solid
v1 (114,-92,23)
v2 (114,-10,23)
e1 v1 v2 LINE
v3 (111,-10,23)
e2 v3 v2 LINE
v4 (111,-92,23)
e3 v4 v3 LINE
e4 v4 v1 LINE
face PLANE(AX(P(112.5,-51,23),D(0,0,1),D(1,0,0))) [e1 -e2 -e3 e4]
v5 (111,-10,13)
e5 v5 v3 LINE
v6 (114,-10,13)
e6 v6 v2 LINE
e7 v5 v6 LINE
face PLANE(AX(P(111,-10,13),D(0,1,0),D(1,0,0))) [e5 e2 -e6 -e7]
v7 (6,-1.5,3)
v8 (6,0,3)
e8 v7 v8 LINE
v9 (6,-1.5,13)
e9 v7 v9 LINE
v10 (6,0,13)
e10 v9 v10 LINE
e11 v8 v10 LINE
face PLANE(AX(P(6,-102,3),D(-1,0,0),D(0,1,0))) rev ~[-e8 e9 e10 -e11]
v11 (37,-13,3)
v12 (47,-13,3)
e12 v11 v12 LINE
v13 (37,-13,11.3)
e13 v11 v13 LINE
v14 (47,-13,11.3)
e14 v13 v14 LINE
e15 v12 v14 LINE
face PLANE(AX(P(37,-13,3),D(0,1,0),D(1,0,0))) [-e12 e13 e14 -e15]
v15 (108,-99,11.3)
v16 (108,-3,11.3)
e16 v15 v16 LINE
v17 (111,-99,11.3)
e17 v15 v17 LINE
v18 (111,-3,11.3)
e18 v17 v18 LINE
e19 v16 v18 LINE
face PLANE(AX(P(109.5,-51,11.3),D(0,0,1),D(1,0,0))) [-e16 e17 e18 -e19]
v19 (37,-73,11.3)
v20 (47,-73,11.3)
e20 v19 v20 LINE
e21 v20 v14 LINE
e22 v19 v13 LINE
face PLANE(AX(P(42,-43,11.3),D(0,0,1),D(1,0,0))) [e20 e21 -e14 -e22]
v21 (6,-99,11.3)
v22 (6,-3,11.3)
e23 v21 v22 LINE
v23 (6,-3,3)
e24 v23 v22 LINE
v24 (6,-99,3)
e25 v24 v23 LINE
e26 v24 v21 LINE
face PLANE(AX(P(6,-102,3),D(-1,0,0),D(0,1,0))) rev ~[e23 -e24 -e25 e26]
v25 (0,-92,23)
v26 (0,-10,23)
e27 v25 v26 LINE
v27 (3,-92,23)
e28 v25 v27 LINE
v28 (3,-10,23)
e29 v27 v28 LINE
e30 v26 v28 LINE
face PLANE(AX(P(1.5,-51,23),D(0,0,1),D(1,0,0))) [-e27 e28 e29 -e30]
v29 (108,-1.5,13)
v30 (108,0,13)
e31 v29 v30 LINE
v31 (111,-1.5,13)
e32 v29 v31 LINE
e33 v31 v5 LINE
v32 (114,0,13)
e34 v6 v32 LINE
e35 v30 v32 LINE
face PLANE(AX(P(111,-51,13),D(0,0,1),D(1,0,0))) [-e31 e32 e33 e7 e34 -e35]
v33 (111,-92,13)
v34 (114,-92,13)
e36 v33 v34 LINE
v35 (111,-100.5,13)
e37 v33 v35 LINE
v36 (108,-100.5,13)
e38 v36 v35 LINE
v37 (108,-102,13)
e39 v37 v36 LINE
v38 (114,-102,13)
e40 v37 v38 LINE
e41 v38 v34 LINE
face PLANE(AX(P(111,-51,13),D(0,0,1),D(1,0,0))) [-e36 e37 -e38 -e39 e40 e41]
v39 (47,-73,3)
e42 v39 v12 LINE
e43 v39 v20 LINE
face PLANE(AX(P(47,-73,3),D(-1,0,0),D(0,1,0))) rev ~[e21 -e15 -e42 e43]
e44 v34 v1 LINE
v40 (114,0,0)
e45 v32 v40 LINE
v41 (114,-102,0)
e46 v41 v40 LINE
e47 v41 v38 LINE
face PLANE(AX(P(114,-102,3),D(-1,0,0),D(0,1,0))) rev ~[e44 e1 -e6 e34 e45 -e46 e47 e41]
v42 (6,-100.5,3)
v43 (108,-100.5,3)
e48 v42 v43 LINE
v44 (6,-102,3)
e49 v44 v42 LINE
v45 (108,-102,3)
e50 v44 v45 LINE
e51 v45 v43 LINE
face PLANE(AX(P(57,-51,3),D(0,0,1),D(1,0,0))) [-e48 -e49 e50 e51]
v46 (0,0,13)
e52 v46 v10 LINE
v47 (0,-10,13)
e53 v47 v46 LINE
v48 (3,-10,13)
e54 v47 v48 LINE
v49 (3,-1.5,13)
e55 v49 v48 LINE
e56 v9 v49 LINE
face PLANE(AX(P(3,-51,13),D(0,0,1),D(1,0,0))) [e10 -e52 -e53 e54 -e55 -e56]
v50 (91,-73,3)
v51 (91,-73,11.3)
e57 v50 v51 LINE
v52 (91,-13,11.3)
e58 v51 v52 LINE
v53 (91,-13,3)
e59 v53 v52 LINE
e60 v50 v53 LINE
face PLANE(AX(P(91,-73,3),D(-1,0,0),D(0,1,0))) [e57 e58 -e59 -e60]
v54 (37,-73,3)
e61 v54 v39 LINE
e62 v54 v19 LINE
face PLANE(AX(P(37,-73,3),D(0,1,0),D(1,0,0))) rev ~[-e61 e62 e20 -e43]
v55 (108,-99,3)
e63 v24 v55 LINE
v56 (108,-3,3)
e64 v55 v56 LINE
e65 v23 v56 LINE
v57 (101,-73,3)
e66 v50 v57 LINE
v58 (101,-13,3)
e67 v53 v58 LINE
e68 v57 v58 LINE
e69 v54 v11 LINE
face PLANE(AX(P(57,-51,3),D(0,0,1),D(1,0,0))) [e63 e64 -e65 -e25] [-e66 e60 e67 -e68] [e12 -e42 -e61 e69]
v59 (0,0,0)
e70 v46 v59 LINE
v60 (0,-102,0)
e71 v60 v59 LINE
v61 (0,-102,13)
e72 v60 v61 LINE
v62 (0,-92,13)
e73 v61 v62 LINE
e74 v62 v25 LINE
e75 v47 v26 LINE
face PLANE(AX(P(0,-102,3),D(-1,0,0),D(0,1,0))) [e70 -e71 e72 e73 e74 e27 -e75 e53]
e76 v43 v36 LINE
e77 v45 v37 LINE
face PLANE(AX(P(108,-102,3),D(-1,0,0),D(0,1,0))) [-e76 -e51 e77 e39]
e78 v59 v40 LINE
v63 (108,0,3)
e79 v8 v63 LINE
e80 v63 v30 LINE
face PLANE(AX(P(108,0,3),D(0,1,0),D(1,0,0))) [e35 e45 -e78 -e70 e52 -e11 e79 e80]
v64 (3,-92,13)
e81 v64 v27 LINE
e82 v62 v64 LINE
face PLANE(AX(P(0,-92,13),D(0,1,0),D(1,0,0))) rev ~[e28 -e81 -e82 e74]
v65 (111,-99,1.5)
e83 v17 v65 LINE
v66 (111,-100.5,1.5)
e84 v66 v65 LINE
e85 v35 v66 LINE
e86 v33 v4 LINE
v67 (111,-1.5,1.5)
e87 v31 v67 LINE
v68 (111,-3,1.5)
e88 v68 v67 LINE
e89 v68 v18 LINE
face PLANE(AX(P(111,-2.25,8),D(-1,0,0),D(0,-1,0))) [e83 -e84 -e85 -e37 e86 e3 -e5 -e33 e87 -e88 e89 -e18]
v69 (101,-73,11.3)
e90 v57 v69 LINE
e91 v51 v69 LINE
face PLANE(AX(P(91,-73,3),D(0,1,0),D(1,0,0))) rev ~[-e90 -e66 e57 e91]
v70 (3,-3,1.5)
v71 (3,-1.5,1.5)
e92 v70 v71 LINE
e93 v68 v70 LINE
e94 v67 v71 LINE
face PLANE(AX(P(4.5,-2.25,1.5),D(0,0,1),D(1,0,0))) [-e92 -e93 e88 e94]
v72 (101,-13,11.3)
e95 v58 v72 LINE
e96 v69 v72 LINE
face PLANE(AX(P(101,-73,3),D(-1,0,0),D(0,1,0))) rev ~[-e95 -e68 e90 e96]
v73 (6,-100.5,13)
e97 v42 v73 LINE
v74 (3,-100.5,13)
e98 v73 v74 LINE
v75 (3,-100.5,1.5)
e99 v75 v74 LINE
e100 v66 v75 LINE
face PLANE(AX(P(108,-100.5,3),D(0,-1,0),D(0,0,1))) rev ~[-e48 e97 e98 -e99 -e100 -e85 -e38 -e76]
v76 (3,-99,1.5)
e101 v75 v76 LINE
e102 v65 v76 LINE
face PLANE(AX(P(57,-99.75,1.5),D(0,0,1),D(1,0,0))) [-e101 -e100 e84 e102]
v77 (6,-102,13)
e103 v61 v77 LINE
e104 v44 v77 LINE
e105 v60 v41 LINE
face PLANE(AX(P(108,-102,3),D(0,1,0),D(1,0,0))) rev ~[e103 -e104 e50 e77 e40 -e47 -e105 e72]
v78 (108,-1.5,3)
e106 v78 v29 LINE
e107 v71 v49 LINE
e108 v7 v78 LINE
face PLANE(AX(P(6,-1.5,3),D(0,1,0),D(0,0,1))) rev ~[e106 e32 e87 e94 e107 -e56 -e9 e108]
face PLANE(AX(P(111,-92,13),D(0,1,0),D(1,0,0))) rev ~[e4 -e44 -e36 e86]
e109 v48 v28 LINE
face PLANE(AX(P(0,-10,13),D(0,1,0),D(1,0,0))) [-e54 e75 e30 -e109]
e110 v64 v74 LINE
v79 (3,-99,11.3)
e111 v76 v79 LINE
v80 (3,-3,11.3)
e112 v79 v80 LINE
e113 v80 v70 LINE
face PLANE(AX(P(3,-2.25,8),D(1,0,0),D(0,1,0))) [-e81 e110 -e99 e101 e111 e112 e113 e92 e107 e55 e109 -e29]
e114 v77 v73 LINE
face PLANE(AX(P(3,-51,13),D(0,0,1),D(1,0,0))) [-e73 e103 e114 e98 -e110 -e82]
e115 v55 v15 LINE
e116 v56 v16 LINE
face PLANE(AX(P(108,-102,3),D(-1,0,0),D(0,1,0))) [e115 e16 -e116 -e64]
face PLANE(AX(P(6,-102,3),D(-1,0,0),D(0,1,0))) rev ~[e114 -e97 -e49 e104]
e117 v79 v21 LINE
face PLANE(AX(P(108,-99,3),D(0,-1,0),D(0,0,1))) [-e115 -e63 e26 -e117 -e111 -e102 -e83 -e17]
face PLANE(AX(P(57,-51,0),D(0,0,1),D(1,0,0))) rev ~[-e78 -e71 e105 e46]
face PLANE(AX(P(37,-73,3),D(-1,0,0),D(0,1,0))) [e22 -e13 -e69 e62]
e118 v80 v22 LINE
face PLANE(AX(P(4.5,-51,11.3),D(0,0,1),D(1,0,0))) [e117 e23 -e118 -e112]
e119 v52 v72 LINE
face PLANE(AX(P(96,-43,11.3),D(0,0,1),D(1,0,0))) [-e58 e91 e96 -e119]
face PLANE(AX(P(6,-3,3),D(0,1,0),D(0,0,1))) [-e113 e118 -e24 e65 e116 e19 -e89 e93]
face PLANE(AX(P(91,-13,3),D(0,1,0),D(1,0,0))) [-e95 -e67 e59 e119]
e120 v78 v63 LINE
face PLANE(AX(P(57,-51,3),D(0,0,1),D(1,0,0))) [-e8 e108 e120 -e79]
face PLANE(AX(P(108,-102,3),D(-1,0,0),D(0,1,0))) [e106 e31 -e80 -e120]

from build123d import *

# Parameters (mm, degrees)
SKETCH_W        = 114
SKETCH_H        = 102
PAD_DEPTH       = 3
SKETCH001_W     = 6
SKETCH001_H     = 102
PAD001_DEPTH    = 10
SKETCH002_W     = 3
SKETCH002_H     = 96
POCKET_DEPTH    = 1.7
SKETCH003_W     = 6
SKETCH003_H     = 102
PAD002_DEPTH    = 10
SKETCH004_W     = 3
SKETCH004_H     = 96
POCKET001_DEPTH = 1.7
SKETCH006_W     = 1.5
SKETCH006_H     = 10
POCKET002_DEPTH = 3
SKETCH007_W     = 1.5
SKETCH007_H     = 10
POCKET003_DEPTH = 3
SKETCH008_W     = 1.5
SKETCH008_H     = 10
POCKET004_DEPTH = 3
SKETCH009_W     = 1.5
SKETCH009_H     = 10
POCKET005_DEPTH = 3
SKETCH010_W     = 3
SKETCH010_H     = 82
PAD003_DEPTH    = 10
SKETCH011_W     = 3
SKETCH011_H     = 82
PAD004_DEPTH    = 10
SKETCH012_W     = 10
SKETCH012_H     = 60
PAD005_DEPTH    = 8.3
SKETCH013_W     = 10
SKETCH013_H     = 60
PAD006_DEPTH    = 8.3
SKETCH014_W     = 102
SKETCH014_H     = 1.5
POCKET006_DEPTH = 1.5
SKETCH015_W     = 102
SKETCH015_H     = 1.5
POCKET007_DEPTH = 1.5
SKETCH016_W     = 3
SKETCH016_H     = 1.5
POCKET008_DEPTH = 1.5
SKETCH017_W     = 3
SKETCH017_H     = 1.5
POCKET009_DEPTH = 1.5
SKETCH018_W     = 3
SKETCH018_H     = 1.5
POCKET010_DEPTH = 1.5
SKETCH019_W     = 3
SKETCH019_H     = 1.5
POCKET011_DEPTH = 1.5


with BuildPart() as part:
    # Sketch → Pad (new body)
    with BuildSketch(Plane.XY):
        with Locations((57, -51)):
            Rectangle(SKETCH_W, SKETCH_H)
    extrude(amount=PAD_DEPTH)

    # Sketch001 (on Face6 of Pad) → Pad001 (join)
    with BuildSketch(Plane.XY.offset(3)):
        with Locations((3, -51)):
            Rectangle(SKETCH001_W, SKETCH001_H)
    extrude(amount=PAD001_DEPTH)

    # Sketch002 (on Face10 of Pad001) → Pocket (cut)
    with BuildSketch(Plane.XY.offset(13)):
        with Locations((4.5, -51)):
            Rectangle(SKETCH002_W, SKETCH002_H)
    extrude(amount=-POCKET_DEPTH, mode=Mode.SUBTRACT)

    # Sketch003 (on Face6 of Pocket) → Pad002 (join)
    with BuildSketch(Plane.XY.offset(3)):
        with Locations((111, -51)):
            Rectangle(SKETCH003_W, SKETCH003_H)
    extrude(amount=PAD002_DEPTH)

    # Sketch004 (on Face14 of Pad002) → Pocket001 (cut)
    with BuildSketch(Plane.XY.offset(13)):
        with Locations((109.5, -51)):
            Rectangle(SKETCH004_W, SKETCH004_H)
    extrude(amount=-POCKET001_DEPTH, mode=Mode.SUBTRACT)

    # Sketch006 (on Face11 of Pocket001) → Pocket002 (cut)
    with BuildSketch(Plane.YZ.offset(6)):
        with Locations((-2.25, 8)):
            Rectangle(SKETCH006_W, SKETCH006_H)
    extrude(amount=-POCKET002_DEPTH, mode=Mode.SUBTRACT)

    # Sketch007 (on Face15 of Pocket002) → Pocket003 (cut)
    with BuildSketch(Plane.YZ.offset(6)):
        with Locations((-99.75, 8)):
            Rectangle(SKETCH007_W, SKETCH007_H)
    extrude(amount=-POCKET003_DEPTH, mode=Mode.SUBTRACT)

    # Sketch008 (on Face13 of Pocket003) → Pocket004 (cut)
    with BuildSketch(Plane(origin=(108, 0, 0), x_dir=(0, -1, 0), z_dir=(-1, 0, 0))):
        with Locations((2.25, 8)):
            Rectangle(SKETCH008_W, SKETCH008_H)
    extrude(amount=-POCKET004_DEPTH, mode=Mode.SUBTRACT)

    # Sketch009 (on Face15 of Pocket004) → Pocket005 (cut)
    with BuildSketch(Plane(origin=(108, 0, 0), x_dir=(0, -1, 0), z_dir=(-1, 0, 0))):
        with Locations((99.75, 8)):
            Rectangle(SKETCH009_W, SKETCH009_H)
    extrude(amount=-POCKET005_DEPTH, mode=Mode.SUBTRACT)

    # Sketch010 (on Face12 of Pocket005) → Pad003 (join)
    with BuildSketch(Plane.XY.offset(13)):
        with Locations((1.5, -51)):
            Rectangle(SKETCH010_W, SKETCH010_H)
    extrude(amount=PAD003_DEPTH)

    # Sketch011 (on Face22 of Pad003) → Pad004 (join)
    with BuildSketch(Plane.XY.offset(13)):
        with Locations((112.5, -51)):
            Rectangle(SKETCH011_W, SKETCH011_H)
    extrude(amount=PAD004_DEPTH)

    # Sketch012 (on Face6 of Pad004) → Pad005 (join)
    with BuildSketch(Plane.XY.offset(3)):
        with Locations((96, -43)):
            Rectangle(SKETCH012_W, SKETCH012_H)
    extrude(amount=PAD005_DEPTH)

    # Sketch013 (on Face6 of Pad005) → Pad006 (join)
    with BuildSketch(Plane.XY.offset(3)):
        with Locations((42, -43)):
            Rectangle(SKETCH013_W, SKETCH013_H)
    extrude(amount=PAD006_DEPTH)

    # Sketch014 (on Face6 of Pad006) → Pocket006 (cut)
    with BuildSketch(Plane.XY.offset(3)):
        with Locations((57, -99.75)):
            Rectangle(SKETCH014_W, SKETCH014_H)
    extrude(amount=-POCKET006_DEPTH, mode=Mode.SUBTRACT)

    # Sketch015 (on Face6 of Pocket006) → Pocket007 (cut)
    with BuildSketch(Plane.XY.offset(3)):
        with Locations((57, -2.25)):
            Rectangle(SKETCH015_W, SKETCH015_H)
    extrude(amount=-POCKET007_DEPTH, mode=Mode.SUBTRACT)

    # Sketch016 (on Face57 of Pocket007) → Pocket008 (cut)
    with BuildSketch(Plane.XY.offset(3)):
        with Locations((4.5, -99.75)):
            Rectangle(SKETCH016_W, SKETCH016_H)
    extrude(amount=-POCKET008_DEPTH, mode=Mode.SUBTRACT)

    # Sketch017 (on Face45 of Pocket008) → Pocket009 (cut)
    with BuildSketch(Plane.XY.offset(3)):
        with Locations((4.5, -2.25)):
            Rectangle(SKETCH017_W, SKETCH017_H)
    extrude(amount=-POCKET009_DEPTH, mode=Mode.SUBTRACT)

    # Sketch018 (on Face60 of Pocket009) → Pocket010 (cut)
    with BuildSketch(Plane.XY.offset(3)):
        with Locations((109.5, -99.75)):
            Rectangle(SKETCH018_W, SKETCH018_H)
    extrude(amount=-POCKET010_DEPTH, mode=Mode.SUBTRACT)

    # Sketch019 (on Face49 of Pocket010) → Pocket011 (cut)
    with BuildSketch(Plane.XY.offset(3)):
        with Locations((109.5, -2.25)):
            Rectangle(SKETCH019_W, SKETCH019_H)
    extrude(amount=-POCKET011_DEPTH, mode=Mode.SUBTRACT)


solid = part.part
